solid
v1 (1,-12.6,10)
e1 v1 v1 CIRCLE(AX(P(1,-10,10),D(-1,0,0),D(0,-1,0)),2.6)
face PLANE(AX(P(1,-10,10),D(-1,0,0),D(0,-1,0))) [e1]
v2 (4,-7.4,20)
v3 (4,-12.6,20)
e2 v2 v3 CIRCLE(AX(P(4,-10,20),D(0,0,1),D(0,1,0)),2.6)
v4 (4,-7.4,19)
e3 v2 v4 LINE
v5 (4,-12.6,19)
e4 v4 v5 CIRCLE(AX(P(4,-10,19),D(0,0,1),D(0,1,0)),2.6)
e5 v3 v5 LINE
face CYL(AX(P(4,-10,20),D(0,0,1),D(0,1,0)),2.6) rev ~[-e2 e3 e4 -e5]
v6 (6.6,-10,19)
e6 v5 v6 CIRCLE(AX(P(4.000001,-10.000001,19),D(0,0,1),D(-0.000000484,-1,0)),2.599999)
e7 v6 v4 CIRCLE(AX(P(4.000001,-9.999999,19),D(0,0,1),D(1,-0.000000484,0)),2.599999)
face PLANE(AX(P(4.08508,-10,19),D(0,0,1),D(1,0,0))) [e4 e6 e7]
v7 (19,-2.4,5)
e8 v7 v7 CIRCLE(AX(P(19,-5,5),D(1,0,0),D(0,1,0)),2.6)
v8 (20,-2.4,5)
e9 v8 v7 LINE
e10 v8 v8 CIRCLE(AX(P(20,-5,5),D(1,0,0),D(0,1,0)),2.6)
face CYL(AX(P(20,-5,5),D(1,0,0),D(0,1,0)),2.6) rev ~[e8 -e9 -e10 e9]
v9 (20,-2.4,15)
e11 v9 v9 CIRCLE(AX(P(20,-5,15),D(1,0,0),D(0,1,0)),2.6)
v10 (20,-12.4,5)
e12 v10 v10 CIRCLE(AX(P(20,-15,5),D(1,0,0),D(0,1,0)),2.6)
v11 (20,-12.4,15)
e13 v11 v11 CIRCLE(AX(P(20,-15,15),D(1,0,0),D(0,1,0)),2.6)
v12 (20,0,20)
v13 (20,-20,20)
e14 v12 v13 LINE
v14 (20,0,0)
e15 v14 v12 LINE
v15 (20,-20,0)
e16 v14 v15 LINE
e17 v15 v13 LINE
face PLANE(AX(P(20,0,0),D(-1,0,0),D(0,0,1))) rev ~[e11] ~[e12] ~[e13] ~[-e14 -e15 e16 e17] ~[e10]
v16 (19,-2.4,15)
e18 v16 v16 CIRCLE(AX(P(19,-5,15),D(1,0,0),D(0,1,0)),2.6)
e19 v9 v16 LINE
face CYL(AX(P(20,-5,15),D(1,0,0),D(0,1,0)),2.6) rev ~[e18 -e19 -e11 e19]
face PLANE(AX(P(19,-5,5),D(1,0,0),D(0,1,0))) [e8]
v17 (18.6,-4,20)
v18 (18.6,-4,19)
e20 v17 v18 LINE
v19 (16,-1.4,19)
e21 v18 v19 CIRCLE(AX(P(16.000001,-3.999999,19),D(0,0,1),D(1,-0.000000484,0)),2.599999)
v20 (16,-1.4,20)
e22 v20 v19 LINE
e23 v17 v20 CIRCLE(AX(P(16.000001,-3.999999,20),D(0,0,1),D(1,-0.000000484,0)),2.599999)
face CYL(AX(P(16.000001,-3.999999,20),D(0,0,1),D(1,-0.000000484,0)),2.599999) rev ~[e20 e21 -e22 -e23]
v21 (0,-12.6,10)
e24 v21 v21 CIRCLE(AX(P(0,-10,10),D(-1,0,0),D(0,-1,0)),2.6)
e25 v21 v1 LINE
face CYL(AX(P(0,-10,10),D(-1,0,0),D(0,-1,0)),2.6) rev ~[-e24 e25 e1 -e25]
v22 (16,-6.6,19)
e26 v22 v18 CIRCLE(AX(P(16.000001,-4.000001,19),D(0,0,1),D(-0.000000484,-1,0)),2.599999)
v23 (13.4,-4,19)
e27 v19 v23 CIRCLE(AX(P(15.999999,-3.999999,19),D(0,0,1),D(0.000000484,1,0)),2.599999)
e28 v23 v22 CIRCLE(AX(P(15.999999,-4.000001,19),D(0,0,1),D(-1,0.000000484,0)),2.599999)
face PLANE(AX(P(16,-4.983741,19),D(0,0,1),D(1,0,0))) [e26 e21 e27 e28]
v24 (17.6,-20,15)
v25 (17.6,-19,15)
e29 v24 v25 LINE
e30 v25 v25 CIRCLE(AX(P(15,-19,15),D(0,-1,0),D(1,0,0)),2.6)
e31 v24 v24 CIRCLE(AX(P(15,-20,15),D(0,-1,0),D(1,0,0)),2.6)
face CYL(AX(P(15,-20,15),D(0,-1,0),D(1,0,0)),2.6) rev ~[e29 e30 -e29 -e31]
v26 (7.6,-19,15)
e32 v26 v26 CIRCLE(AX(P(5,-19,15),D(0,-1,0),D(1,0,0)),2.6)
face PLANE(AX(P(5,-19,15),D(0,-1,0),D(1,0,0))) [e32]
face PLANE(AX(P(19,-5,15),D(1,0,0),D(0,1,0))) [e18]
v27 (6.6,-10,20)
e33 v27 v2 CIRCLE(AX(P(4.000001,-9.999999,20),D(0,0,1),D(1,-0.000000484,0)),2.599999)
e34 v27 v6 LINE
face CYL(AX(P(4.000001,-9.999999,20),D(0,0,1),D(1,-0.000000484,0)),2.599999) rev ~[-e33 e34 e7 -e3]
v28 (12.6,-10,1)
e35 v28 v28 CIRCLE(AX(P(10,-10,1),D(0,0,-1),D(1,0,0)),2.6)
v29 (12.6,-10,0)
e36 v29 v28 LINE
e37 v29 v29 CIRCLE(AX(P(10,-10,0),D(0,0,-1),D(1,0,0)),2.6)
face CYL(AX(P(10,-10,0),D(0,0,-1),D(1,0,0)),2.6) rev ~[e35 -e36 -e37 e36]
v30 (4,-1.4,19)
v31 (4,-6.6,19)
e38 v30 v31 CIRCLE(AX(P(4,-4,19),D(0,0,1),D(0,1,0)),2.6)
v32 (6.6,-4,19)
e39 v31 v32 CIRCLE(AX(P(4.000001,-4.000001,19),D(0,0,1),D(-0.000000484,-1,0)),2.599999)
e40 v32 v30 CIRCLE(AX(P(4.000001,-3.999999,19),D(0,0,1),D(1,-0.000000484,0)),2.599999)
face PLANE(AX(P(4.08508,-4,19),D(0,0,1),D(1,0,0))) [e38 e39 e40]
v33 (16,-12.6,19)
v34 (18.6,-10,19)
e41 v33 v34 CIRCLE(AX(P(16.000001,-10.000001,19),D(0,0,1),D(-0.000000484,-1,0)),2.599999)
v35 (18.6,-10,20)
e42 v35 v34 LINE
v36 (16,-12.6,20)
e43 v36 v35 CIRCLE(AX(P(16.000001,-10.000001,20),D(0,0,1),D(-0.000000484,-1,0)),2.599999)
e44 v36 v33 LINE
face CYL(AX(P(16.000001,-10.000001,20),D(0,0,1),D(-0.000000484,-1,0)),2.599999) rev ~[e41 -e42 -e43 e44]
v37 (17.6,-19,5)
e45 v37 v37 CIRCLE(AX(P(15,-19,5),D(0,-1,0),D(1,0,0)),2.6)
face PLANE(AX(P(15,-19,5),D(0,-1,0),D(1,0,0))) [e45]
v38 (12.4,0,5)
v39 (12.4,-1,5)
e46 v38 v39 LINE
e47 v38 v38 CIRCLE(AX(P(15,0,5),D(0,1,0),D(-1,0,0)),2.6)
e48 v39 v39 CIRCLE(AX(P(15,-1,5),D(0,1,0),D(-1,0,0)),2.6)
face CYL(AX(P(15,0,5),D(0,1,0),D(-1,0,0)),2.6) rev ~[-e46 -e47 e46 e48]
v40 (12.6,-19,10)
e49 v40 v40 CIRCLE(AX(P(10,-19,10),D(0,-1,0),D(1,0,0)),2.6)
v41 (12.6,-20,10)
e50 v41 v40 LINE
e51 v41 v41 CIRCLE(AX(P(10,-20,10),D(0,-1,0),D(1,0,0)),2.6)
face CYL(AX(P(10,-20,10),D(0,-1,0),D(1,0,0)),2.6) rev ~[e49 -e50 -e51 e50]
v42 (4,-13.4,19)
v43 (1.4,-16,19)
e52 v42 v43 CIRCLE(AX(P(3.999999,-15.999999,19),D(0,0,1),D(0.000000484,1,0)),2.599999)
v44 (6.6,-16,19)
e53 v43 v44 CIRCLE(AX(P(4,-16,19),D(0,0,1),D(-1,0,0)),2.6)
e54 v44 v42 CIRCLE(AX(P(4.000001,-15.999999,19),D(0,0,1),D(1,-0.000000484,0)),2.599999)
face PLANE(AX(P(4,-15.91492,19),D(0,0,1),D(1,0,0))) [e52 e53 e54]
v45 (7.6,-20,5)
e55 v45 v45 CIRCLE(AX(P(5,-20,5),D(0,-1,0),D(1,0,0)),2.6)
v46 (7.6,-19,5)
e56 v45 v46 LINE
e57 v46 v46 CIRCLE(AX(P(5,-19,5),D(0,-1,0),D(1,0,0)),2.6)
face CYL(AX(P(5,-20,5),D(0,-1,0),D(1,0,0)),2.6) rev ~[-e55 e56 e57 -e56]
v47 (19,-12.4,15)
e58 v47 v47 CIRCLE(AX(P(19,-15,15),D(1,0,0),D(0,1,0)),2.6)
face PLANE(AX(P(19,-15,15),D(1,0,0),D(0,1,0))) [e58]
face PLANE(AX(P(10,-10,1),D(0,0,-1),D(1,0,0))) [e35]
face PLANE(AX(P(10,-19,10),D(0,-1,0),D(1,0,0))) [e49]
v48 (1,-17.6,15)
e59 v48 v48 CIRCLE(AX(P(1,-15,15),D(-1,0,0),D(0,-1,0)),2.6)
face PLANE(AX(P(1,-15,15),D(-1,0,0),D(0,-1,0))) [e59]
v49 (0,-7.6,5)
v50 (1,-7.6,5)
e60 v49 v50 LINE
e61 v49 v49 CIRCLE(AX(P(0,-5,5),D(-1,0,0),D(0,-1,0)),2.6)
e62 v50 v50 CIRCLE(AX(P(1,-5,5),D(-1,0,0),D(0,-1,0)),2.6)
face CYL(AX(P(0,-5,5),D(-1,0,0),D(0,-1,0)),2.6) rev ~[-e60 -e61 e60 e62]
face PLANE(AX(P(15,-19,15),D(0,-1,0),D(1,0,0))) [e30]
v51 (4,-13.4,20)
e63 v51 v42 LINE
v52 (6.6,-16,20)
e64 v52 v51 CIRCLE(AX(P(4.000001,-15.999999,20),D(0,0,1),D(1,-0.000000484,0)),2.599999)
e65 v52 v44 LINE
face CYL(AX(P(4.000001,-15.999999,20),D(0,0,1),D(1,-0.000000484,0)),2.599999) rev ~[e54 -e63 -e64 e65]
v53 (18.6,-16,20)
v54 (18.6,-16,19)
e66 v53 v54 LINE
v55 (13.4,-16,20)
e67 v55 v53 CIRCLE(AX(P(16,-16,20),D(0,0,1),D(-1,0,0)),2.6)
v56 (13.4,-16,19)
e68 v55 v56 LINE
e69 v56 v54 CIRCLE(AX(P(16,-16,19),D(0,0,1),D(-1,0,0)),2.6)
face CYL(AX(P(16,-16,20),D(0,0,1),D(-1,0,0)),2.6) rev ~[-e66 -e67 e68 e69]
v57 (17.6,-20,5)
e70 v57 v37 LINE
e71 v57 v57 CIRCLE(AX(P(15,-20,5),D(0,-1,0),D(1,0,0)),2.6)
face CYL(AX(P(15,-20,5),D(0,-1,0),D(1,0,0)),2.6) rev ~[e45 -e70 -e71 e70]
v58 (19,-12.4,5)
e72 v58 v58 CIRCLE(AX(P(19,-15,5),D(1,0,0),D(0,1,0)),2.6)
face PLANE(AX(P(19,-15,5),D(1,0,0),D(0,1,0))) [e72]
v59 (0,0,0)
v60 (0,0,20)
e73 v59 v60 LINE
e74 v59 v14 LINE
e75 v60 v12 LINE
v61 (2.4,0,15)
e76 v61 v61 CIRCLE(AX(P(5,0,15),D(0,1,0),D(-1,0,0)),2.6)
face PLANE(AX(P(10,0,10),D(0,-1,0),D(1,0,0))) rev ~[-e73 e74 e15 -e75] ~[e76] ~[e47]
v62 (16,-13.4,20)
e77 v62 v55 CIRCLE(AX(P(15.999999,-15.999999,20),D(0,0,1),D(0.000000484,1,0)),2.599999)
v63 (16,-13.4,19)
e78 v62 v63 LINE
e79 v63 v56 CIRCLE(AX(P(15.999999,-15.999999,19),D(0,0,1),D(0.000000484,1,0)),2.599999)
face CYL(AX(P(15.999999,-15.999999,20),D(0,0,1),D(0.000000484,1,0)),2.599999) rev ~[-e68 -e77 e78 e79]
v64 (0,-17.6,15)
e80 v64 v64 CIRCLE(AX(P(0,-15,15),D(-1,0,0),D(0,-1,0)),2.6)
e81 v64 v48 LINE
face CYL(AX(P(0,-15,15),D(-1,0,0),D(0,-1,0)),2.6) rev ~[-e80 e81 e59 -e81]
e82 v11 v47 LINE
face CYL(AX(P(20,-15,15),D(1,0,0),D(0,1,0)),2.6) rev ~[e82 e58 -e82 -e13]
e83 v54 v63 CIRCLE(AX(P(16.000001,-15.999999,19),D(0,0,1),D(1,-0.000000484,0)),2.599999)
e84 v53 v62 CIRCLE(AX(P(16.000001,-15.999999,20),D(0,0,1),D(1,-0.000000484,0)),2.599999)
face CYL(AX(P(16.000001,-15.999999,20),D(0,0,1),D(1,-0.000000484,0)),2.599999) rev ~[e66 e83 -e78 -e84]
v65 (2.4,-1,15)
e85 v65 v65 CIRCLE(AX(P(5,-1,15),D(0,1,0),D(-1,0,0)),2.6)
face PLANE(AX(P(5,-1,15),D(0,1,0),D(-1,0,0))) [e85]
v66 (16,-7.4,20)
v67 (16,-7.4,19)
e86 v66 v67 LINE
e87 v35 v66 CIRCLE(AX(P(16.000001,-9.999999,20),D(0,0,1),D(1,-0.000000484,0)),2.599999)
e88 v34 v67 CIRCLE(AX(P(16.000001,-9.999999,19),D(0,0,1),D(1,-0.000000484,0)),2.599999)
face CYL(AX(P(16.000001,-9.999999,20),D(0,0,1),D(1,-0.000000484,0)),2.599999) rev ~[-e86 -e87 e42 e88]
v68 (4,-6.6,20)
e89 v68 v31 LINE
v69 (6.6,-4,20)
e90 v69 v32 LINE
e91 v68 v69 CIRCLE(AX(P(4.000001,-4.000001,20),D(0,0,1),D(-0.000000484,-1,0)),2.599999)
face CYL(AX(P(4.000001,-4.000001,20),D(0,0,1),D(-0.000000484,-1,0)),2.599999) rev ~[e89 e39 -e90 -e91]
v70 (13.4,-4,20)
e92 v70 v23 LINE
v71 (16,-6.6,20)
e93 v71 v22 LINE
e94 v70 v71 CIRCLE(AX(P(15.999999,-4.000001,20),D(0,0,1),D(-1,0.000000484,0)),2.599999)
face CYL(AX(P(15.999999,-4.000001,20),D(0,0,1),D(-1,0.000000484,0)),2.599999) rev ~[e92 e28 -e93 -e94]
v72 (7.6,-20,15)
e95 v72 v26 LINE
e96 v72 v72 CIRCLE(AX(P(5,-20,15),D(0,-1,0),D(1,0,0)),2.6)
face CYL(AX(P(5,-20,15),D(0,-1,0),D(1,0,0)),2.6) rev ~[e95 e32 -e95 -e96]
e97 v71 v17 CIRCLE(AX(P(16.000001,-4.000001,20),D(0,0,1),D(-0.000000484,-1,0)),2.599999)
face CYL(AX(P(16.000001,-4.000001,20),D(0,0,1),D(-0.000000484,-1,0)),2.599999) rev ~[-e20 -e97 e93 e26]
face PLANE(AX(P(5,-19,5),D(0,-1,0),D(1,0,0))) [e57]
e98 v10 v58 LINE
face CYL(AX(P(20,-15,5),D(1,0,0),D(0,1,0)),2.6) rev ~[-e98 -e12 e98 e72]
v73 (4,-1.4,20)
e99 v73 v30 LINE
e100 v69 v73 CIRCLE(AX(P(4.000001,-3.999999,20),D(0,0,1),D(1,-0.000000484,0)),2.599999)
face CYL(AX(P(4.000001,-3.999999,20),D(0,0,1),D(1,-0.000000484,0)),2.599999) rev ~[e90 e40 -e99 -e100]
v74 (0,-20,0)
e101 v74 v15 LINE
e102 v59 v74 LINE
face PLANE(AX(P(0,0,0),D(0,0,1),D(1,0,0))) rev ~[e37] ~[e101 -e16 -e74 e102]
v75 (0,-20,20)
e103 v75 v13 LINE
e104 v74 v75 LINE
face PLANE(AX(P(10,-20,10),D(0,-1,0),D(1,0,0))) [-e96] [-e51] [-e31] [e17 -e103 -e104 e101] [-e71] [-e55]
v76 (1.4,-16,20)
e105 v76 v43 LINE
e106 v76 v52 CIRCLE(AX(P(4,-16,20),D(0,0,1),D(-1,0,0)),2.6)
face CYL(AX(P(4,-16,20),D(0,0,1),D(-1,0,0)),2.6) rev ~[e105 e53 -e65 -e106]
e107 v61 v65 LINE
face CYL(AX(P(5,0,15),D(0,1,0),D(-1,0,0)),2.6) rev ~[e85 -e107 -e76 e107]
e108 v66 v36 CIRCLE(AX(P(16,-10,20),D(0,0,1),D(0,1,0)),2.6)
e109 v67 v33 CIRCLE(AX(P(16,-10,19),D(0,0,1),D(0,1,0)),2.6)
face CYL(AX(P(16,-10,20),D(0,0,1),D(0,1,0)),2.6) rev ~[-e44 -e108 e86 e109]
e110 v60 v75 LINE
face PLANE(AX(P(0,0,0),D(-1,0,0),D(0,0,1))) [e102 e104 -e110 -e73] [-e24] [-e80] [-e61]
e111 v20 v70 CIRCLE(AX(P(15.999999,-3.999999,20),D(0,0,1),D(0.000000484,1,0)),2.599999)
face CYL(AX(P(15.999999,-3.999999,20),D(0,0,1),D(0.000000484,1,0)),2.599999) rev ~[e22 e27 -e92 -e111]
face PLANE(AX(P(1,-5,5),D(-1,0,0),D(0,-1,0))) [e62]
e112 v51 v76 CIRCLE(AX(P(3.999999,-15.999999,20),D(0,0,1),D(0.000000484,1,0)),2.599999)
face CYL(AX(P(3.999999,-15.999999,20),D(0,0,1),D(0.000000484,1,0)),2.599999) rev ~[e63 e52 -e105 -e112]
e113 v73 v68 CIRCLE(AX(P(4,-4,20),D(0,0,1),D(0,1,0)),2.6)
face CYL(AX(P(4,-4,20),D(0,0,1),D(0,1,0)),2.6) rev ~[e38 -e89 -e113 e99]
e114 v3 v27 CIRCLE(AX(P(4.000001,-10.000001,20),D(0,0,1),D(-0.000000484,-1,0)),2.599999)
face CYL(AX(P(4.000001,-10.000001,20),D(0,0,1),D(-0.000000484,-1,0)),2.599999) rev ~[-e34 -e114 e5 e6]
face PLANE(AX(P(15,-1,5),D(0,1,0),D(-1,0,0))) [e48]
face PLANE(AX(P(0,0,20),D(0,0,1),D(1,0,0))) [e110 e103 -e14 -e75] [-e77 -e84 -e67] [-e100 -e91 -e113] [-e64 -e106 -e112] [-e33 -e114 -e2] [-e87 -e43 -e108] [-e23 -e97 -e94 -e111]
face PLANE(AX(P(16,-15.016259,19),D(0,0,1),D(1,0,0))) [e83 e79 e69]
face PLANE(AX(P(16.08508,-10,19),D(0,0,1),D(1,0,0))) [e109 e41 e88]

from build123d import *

# Parameters (mm, degrees)
F0_W      = 20
F0_H      = 20
F1_DEPTH  = 20
F2_R      = 2.6
F3_DEPTH  = 1
F4_R      = 2.6
F5_DEPTH  = 1
F6_R      = 2.6
F7_DEPTH  = 1
F8_R      = 2.6
F9_DEPTH  = 1
F10_R     = 2.6
F11_DEPTH = 1
F13_DEPTH = 1


with BuildPart() as f1:
    # F0 (on Front) → F1 (new body)
    with BuildSketch(Plane.XZ):
        with Locations((10, 10)):
            Rectangle(F0_W, F0_H)
    extrude(amount=F1_DEPTH)

    # F2 (on face) → F3 (cut)
    with BuildSketch(Plane.XZ.offset(20)):
        with Locations((10, 10)):
            Circle(F2_R)
        with Locations((5, 15)):
            Circle(F2_R)
        with Locations((15, 15)):
            Circle(F2_R)
        with Locations((15, 5)):
            Circle(F2_R)
        with Locations((5, 5)):
            Circle(F2_R)
    extrude(amount=-F3_DEPTH, mode=Mode.SUBTRACT)

    # F4 (on face) → F5 (cut)
    with BuildSketch(Plane(origin=(0, 0, 0), x_dir=(-1, 0, 0), z_dir=(0, 1, 0))):
        with Locations((-5, 15)):
            Circle(F4_R)
        with Locations((-15, 5)):
            Circle(F4_R)
    extrude(amount=-F5_DEPTH, mode=Mode.SUBTRACT)

    # F6 (on face) → F7 (cut)
    with BuildSketch(Plane(origin=(0, 0, 0), x_dir=(0, -1, 0), z_dir=(-1, 0, 0))):
        with Locations((10, 10)):
            Circle(F6_R)
        with Locations((15, 15)):
            Circle(F6_R)
        with Locations((5, 5)):
            Circle(F6_R)
    extrude(amount=-F7_DEPTH, mode=Mode.SUBTRACT)

    # F8 (on face) → F9 (cut)
    with BuildSketch(Plane.YZ.offset(20)):
        with Locations((-15, 5)):
            Circle(F8_R)
        with Locations((-15, 15)):
            Circle(F8_R)
        with Locations((-5, 15)):
            Circle(F8_R)
        with Locations((-5, 5)):
            Circle(F8_R)
    extrude(amount=-F9_DEPTH, mode=Mode.SUBTRACT)

    # F10 (on face) → F11 (cut)
    with BuildSketch(Plane(origin=(0, 0, 0), x_dir=(1, 0, 0), z_dir=(0, 0, -1))):
        with Locations((10, 10)):
            Circle(F10_R)
    extrude(amount=-F11_DEPTH, mode=Mode.SUBTRACT)

    # F12 (on face) → F13 (cut)
    with BuildSketch(Plane.XY.offset(20)):
        with BuildLine():
            ThreePointArc((4, -6.6), (5.838478, -5.838478), (6.6, -4))
            ThreePointArc((6.6, -4), (5.838478, -2.161522), (4, -1.4))
            ThreePointArc((4, -1.4), (1.4, -4), (4, -6.6))
        make_face()
        with BuildLine():
            ThreePointArc((6.6, -16), (5.838478, -14.161522), (4, -13.4))
            ThreePointArc((4, -13.4), (2.161522, -14.161522), (1.4, -16))
            ThreePointArc((1.4, -16), (4, -18.6), (6.6, -16))
        make_face()
        with BuildLine():
            ThreePointArc((6.6, -10), (5.838478, -8.161522), (4, -7.4))
            ThreePointArc((4, -7.4), (1.4, -10), (4, -12.6))
            ThreePointArc((4, -12.6), (5.838478, -11.838478), (6.6, -10))
        make_face()
        with BuildLine():
            Line((13.4, -16), (18.6, -16))
            ThreePointArc((18.6, -16), (17.838478, -14.161522), (16, -13.4))
            ThreePointArc((16, -13.4), (14.161522, -14.161522), (13.4, -16))
        make_face()
        with BuildLine():
            ThreePointArc((13.4, -4), (14.161522, -5.838478), (16, -6.6))
            ThreePointArc((16, -6.6), (17.838478, -5.838478), (18.6, -4))
            Line((18.6, -4), (13.4, -4))
        make_face()
        with BuildLine():
            ThreePointArc((16, -7.4), (13.4, -10), (16, -12.6))
            ThreePointArc((16, -12.6), (17.838478, -11.838478), (18.6, -10))
            ThreePointArc((18.6, -10), (17.838478, -8.161522), (16, -7.4))
        make_face()
        with BuildLine():
            ThreePointArc((13.4, -16), (16, -18.6), (18.6, -16))
            Line((18.6, -16), (13.4, -16))
        make_face()
        with BuildLine():
            ThreePointArc((16, -1.4), (14.161522, -2.161522), (13.4, -4))
            Line((13.4, -4), (18.6, -4))
            ThreePointArc((18.6, -4), (17.838478, -2.161522), (16, -1.4))
        make_face()
    extrude(amount=-F13_DEPTH, mode=Mode.SUBTRACT)


solid = f1.part
